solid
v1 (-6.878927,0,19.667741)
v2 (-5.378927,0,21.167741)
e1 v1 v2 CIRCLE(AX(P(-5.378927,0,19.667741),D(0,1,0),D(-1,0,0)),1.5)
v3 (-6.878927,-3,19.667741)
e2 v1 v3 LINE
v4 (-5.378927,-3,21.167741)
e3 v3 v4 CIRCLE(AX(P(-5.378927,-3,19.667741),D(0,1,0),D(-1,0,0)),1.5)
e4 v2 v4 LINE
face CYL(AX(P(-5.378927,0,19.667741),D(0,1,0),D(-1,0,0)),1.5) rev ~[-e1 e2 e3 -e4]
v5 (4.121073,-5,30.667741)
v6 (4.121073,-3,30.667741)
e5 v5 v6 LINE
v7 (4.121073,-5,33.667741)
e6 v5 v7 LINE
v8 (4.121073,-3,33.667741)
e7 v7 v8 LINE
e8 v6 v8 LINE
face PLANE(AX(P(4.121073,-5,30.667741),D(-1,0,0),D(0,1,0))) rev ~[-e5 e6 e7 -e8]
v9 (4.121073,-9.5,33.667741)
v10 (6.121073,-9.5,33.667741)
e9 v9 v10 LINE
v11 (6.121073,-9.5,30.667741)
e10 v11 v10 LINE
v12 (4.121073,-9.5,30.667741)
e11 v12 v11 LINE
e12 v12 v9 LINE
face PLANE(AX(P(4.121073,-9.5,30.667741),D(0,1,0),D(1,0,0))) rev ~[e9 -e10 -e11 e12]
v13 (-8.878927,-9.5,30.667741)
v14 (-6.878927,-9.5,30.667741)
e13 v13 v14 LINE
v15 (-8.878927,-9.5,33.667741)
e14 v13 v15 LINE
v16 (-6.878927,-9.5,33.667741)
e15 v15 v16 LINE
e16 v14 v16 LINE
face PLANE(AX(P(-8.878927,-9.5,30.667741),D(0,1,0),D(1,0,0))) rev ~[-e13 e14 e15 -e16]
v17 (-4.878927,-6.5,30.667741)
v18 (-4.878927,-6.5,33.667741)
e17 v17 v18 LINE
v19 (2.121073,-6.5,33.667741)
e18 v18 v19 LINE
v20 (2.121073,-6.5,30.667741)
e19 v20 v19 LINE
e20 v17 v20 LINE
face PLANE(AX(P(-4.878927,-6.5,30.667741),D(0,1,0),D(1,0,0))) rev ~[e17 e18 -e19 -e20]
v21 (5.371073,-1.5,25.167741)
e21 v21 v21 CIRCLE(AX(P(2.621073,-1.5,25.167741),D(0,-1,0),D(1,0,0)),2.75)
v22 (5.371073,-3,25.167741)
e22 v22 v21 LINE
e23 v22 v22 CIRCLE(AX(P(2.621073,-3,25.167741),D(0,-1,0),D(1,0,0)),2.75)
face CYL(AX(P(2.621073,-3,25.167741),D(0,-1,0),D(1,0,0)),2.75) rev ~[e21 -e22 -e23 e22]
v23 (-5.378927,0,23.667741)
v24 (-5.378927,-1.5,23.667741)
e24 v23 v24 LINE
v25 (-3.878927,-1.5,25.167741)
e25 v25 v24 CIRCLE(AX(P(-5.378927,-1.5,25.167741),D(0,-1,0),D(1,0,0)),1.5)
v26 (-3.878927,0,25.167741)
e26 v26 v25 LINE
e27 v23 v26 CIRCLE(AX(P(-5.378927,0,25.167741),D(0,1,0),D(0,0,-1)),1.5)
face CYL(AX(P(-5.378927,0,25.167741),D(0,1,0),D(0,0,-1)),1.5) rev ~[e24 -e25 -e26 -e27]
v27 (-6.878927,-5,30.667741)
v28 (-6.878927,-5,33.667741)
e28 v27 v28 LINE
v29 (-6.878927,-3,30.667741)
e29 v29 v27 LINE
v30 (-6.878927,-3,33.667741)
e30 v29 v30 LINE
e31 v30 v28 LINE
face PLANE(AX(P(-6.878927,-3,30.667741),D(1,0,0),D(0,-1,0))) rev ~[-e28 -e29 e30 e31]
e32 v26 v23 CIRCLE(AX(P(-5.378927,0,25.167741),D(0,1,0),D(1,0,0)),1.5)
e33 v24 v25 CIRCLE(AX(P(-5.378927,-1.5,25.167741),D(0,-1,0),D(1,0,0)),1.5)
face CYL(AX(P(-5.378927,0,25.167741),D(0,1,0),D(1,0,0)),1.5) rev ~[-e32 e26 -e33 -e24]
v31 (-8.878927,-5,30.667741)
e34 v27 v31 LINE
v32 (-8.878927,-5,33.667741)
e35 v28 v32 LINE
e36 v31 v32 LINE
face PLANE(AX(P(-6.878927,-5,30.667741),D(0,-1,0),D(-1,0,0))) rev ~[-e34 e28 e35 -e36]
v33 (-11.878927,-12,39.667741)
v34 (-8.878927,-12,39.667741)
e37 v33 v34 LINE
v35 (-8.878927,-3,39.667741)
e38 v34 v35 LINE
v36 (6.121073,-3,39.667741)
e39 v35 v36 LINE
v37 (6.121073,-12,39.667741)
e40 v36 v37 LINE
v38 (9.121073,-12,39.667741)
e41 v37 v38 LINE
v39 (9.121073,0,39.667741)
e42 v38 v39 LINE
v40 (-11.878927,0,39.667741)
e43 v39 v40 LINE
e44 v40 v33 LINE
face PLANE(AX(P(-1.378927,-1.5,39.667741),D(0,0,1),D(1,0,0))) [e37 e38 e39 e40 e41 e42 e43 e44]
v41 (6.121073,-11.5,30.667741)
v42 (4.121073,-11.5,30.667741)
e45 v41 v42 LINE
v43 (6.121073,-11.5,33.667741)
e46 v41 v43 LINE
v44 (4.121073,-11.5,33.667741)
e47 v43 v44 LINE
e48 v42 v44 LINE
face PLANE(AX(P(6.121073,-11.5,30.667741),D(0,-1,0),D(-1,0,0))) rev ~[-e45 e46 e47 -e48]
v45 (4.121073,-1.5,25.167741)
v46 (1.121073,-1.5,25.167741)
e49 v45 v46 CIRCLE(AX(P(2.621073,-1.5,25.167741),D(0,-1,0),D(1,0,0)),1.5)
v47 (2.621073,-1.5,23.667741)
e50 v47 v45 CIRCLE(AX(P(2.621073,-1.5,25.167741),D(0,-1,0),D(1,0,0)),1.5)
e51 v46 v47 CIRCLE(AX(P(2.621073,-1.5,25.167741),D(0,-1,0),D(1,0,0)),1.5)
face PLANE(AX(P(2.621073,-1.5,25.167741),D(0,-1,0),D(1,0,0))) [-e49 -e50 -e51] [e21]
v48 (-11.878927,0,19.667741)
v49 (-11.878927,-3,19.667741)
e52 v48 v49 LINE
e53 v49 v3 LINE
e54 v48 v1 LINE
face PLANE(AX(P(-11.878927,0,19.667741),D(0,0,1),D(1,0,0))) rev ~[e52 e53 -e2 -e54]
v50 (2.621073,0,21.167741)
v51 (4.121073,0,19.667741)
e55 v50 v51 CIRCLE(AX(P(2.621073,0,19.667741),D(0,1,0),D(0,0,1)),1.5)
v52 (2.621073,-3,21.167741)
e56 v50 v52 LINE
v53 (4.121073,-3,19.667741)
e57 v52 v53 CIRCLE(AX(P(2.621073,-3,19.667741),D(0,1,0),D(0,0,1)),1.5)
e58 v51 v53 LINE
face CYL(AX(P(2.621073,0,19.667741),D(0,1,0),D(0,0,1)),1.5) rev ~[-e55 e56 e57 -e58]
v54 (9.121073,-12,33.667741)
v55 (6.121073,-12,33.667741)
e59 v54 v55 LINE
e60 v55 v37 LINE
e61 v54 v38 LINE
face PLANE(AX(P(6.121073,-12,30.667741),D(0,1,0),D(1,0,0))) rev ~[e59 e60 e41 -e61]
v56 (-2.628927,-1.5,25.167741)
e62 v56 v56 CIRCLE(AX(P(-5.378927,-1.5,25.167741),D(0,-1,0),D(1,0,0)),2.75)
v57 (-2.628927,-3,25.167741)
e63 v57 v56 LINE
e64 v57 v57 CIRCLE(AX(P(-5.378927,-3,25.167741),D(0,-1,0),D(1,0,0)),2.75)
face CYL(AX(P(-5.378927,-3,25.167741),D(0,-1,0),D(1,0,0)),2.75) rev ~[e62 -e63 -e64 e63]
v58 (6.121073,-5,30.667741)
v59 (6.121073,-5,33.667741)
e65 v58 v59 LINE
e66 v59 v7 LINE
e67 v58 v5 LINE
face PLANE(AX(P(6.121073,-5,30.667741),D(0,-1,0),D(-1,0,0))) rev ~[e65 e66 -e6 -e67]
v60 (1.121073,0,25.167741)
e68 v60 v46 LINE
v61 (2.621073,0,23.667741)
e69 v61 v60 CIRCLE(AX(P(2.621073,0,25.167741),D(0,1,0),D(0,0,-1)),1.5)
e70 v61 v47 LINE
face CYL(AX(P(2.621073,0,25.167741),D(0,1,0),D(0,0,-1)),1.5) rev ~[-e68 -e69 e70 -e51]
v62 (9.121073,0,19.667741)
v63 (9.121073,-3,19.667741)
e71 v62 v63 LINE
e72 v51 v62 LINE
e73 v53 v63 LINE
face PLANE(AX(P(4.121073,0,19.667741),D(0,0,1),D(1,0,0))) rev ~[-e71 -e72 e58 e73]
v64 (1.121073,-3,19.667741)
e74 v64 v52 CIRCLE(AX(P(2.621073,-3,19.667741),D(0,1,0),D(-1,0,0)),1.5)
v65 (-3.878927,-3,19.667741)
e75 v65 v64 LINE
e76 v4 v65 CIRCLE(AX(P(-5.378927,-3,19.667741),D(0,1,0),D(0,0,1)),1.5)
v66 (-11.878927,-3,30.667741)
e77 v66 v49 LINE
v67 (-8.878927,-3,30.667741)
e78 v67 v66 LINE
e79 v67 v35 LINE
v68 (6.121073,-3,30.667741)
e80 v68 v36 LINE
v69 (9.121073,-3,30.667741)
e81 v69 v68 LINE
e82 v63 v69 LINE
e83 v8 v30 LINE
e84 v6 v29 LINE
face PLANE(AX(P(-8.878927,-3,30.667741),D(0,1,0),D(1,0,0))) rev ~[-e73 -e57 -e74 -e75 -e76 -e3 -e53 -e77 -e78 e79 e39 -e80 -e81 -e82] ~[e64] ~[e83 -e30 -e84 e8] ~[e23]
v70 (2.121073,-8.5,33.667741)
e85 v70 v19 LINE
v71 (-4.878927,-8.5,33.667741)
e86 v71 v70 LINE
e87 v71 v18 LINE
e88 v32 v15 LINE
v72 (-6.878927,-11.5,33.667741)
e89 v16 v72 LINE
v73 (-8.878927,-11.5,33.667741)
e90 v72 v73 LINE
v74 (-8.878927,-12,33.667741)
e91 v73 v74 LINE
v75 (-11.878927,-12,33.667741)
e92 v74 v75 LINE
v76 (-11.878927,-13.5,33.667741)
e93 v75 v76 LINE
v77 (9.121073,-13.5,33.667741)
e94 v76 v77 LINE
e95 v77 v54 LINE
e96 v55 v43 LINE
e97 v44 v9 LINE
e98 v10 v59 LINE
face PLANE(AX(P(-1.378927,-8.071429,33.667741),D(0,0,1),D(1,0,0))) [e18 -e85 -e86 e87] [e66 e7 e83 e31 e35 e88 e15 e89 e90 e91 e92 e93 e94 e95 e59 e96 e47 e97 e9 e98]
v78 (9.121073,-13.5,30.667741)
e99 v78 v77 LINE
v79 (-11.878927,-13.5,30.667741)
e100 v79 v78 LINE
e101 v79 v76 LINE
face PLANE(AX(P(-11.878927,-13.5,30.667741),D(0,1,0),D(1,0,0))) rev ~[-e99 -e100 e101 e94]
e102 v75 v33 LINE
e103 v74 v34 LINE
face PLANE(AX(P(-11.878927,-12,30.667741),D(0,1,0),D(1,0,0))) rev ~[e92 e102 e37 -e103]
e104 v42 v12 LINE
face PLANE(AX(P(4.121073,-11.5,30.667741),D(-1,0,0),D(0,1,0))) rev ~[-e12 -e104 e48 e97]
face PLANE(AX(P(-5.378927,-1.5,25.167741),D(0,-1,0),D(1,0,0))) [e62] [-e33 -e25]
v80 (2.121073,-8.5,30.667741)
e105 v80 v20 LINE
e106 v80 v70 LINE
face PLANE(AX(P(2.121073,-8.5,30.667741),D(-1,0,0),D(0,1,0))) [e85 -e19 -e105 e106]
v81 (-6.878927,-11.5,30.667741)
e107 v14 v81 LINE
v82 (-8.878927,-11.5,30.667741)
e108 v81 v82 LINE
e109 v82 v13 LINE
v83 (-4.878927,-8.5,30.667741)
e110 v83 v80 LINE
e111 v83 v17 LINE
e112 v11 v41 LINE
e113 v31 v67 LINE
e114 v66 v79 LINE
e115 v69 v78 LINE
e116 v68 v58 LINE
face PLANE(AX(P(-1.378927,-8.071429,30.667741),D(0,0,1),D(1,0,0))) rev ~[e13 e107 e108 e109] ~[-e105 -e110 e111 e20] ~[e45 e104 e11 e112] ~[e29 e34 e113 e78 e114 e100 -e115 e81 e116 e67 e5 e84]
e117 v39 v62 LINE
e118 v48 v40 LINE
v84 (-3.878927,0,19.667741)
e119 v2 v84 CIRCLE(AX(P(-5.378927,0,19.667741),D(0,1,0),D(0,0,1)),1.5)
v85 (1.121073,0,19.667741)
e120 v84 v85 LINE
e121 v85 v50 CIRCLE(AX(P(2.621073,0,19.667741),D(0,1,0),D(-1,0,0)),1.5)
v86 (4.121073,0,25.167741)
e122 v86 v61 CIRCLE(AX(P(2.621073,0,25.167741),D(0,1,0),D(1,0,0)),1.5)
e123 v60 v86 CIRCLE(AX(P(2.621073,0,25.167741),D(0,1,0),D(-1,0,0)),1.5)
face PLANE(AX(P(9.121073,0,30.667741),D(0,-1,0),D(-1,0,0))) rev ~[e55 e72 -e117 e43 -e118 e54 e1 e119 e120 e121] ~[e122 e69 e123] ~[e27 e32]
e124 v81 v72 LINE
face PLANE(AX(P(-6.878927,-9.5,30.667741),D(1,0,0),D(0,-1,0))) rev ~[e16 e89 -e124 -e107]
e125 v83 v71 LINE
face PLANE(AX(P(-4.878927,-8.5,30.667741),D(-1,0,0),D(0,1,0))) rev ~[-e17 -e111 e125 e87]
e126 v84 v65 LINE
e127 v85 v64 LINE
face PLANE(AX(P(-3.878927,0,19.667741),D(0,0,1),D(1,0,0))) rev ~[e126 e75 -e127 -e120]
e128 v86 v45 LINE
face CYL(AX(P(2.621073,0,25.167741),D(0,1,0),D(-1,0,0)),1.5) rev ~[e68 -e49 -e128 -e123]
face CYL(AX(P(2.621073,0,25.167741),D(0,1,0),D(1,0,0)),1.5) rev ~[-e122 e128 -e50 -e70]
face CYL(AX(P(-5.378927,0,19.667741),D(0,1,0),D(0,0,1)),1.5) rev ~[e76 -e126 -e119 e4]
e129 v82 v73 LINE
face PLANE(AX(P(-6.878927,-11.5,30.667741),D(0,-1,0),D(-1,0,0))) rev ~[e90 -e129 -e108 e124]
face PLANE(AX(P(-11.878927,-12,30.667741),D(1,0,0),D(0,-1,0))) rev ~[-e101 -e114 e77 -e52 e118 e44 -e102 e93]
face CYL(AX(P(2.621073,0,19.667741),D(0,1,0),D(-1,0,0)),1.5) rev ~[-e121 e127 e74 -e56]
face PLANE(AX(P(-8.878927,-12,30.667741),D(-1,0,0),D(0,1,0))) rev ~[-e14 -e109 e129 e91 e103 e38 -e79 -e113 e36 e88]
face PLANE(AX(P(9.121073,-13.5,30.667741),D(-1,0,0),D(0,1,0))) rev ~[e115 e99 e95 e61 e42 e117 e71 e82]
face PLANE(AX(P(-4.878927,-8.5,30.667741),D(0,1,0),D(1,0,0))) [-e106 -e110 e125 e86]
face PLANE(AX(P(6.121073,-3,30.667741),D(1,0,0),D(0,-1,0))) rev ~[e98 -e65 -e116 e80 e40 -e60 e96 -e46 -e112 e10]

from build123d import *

# Parameters (mm, degrees)
F0_DEPTH = 3
F5_DEPTH = 9
F1_W     = 7
F1_H     = 2
F6_DEPTH = 3
F2_R     = 2.75
F2_R_2   = 1.5
F3_DEPTH = 1.5


with BuildPart() as f0:
    # F4 (on Front) → F0 (new body)
    with BuildSketch(Plane.XZ):
        with BuildLine():
            ThreePointArc((-5.3789273798, 23.6677408814), (-6.4395875516, 26.2284010532), (-3.8789273798, 25.1677408814))
            Line((-3.8789273798, 25.1677408814), (1.1210726202, 25.1677408814))
            ThreePointArc((1.1210726202, 25.1677408814), (2.6210726202, 26.6677408814), (4.1210726202, 25.1677408814))
            ThreePointArc((4.1210726202, 25.1677408814), (3.6817327919, 24.1070807097), (2.6210726202, 23.6677408814))
            Line((2.6210726202, 23.6677408814), (2.6210726202, 21.1677408814))
            ThreePointArc((2.6210726202, 21.1677408814), (3.6817327919, 20.7284010532), (4.1210726202, 19.6677408814))
            Line((4.1210726202, 19.6677408814), (9.1210726202, 19.6677408814))
            Line((9.1210726202, 19.6677408814), (9.1210726202, 30.6677408814))
            Line((9.1210726202, 30.6677408814), (-11.8789273798, 30.6677408814))
            Line((-11.8789273798, 30.6677408814), (-11.8789273798, 19.6677408814))
            Line((-11.8789273798, 19.6677408814), (-6.8789273798, 19.6677408814))
            ThreePointArc((-6.8789273798, 19.6677408814), (-6.4395875516, 20.7284010532), (-5.3789273798, 21.1677408814))
            Line((-5.3789273798, 21.1677408814), (-5.3789273798, 23.6677408814))
        make_face()
        with BuildLine():
            Line((1.1210726202, 25.1677408814), (-3.8789273798, 25.1677408814))
            ThreePointArc((-3.8789273798, 25.1677408814), (-4.3182672081, 24.1070807097), (-5.3789273798, 23.6677408814))
            Line((-5.3789273798, 23.6677408814), (-5.3789273798, 21.1677408814))
            ThreePointArc((-5.3789273798, 21.1677408814), (-4.3182672081, 20.7284010532), (-3.8789273798, 19.6677408814))
            Line((-3.8789273798, 19.6677408814), (1.1210726202, 19.6677408814))
            ThreePointArc((1.1210726202, 19.6677408814), (1.5604124484, 20.7284010532), (2.6210726202, 21.1677408814))
            Line((2.6210726202, 21.1677408814), (2.6210726202, 23.6677408814))
            ThreePointArc((2.6210726202, 23.6677408814), (1.5604124484, 24.1070807097), (1.1210726202, 25.1677408814))
        make_face()
    extrude(amount=F0_DEPTH)

    # F1 (on face) → F5 (join)
    with BuildSketch(Plane.XY.offset(30.6677408814)):
        Polygon((9.1210726202, 0), (-11.8789273798, 0), (-11.8789273798, -3), (-8.8789273798, -3), (-6.8789273798, -3), (4.1210726202, -3), (6.1210726202, -3), (9.1210726202, -3), align=None)
        Polygon((-8.8789273798, -3), (-11.8789273798, -3), (-11.8789273798, -12), (-8.8789273798, -12), (-8.8789273798, -11.5), (-8.8789273798, -9.5), (-8.8789273798, -5), align=None)
        Polygon((9.1210726202, -12), (9.1210726202, -3), (6.1210726202, -3), (6.1210726202, -5), (6.1210726202, -9.5), (6.1210726202, -11.5), (6.1210726202, -12), align=None)
    extrude(amount=F5_DEPTH)

    # F1 (on face) → F6 (join)
    with BuildSketch(Plane.XY.offset(30.6677408814)):
        Polygon((-8.8789273798, -11.5), (-8.8789273798, -12), (4.6210726202, -12), (6.1210726202, -12), (6.1210726202, -11.5), (4.1210726202, -11.5), (4.1210726202, -9.5), (6.1210726202, -9.5), (6.1210726202, -5), (4.1210726202, -5), (4.1210726202, -3), (-6.8789273798, -3), (-6.8789273798, -5), (-8.8789273798, -5), (-8.8789273798, -9.5), (-6.8789273798, -9.5), (-6.8789273798, -11.5), align=None)
        with Locations((-1.3789273798, -7.5)):
            Rectangle(F1_W, F1_H, mode=Mode.SUBTRACT)
        Polygon((-8.8789273798, -12), (-11.8789273798, -12), (-11.8789273798, -13.5), (9.1210726202, -13.5), (9.1210726202, -12), (6.1210726202, -12), (4.6210726202, -12), align=None)
    extrude(amount=F6_DEPTH)

    # F2 (on face) → F3 (cut)
    with BuildSketch(Plane.XZ.offset(3)):
        with Locations((2.6210726202, 25.1677408814)):
            Circle(F2_R)
        with Locations((2.6210726202, 25.1677408814)):
            Circle(F2_R_2, mode=Mode.SUBTRACT)
        with Locations((-5.3789273798, 25.1677408814)):
            Circle(F2_R)
        with Locations((-5.3789273798, 25.1677408814)):
            Circle(F2_R_2, mode=Mode.SUBTRACT)
    extrude(amount=-F3_DEPTH, mode=Mode.SUBTRACT)


solid = f0.part
